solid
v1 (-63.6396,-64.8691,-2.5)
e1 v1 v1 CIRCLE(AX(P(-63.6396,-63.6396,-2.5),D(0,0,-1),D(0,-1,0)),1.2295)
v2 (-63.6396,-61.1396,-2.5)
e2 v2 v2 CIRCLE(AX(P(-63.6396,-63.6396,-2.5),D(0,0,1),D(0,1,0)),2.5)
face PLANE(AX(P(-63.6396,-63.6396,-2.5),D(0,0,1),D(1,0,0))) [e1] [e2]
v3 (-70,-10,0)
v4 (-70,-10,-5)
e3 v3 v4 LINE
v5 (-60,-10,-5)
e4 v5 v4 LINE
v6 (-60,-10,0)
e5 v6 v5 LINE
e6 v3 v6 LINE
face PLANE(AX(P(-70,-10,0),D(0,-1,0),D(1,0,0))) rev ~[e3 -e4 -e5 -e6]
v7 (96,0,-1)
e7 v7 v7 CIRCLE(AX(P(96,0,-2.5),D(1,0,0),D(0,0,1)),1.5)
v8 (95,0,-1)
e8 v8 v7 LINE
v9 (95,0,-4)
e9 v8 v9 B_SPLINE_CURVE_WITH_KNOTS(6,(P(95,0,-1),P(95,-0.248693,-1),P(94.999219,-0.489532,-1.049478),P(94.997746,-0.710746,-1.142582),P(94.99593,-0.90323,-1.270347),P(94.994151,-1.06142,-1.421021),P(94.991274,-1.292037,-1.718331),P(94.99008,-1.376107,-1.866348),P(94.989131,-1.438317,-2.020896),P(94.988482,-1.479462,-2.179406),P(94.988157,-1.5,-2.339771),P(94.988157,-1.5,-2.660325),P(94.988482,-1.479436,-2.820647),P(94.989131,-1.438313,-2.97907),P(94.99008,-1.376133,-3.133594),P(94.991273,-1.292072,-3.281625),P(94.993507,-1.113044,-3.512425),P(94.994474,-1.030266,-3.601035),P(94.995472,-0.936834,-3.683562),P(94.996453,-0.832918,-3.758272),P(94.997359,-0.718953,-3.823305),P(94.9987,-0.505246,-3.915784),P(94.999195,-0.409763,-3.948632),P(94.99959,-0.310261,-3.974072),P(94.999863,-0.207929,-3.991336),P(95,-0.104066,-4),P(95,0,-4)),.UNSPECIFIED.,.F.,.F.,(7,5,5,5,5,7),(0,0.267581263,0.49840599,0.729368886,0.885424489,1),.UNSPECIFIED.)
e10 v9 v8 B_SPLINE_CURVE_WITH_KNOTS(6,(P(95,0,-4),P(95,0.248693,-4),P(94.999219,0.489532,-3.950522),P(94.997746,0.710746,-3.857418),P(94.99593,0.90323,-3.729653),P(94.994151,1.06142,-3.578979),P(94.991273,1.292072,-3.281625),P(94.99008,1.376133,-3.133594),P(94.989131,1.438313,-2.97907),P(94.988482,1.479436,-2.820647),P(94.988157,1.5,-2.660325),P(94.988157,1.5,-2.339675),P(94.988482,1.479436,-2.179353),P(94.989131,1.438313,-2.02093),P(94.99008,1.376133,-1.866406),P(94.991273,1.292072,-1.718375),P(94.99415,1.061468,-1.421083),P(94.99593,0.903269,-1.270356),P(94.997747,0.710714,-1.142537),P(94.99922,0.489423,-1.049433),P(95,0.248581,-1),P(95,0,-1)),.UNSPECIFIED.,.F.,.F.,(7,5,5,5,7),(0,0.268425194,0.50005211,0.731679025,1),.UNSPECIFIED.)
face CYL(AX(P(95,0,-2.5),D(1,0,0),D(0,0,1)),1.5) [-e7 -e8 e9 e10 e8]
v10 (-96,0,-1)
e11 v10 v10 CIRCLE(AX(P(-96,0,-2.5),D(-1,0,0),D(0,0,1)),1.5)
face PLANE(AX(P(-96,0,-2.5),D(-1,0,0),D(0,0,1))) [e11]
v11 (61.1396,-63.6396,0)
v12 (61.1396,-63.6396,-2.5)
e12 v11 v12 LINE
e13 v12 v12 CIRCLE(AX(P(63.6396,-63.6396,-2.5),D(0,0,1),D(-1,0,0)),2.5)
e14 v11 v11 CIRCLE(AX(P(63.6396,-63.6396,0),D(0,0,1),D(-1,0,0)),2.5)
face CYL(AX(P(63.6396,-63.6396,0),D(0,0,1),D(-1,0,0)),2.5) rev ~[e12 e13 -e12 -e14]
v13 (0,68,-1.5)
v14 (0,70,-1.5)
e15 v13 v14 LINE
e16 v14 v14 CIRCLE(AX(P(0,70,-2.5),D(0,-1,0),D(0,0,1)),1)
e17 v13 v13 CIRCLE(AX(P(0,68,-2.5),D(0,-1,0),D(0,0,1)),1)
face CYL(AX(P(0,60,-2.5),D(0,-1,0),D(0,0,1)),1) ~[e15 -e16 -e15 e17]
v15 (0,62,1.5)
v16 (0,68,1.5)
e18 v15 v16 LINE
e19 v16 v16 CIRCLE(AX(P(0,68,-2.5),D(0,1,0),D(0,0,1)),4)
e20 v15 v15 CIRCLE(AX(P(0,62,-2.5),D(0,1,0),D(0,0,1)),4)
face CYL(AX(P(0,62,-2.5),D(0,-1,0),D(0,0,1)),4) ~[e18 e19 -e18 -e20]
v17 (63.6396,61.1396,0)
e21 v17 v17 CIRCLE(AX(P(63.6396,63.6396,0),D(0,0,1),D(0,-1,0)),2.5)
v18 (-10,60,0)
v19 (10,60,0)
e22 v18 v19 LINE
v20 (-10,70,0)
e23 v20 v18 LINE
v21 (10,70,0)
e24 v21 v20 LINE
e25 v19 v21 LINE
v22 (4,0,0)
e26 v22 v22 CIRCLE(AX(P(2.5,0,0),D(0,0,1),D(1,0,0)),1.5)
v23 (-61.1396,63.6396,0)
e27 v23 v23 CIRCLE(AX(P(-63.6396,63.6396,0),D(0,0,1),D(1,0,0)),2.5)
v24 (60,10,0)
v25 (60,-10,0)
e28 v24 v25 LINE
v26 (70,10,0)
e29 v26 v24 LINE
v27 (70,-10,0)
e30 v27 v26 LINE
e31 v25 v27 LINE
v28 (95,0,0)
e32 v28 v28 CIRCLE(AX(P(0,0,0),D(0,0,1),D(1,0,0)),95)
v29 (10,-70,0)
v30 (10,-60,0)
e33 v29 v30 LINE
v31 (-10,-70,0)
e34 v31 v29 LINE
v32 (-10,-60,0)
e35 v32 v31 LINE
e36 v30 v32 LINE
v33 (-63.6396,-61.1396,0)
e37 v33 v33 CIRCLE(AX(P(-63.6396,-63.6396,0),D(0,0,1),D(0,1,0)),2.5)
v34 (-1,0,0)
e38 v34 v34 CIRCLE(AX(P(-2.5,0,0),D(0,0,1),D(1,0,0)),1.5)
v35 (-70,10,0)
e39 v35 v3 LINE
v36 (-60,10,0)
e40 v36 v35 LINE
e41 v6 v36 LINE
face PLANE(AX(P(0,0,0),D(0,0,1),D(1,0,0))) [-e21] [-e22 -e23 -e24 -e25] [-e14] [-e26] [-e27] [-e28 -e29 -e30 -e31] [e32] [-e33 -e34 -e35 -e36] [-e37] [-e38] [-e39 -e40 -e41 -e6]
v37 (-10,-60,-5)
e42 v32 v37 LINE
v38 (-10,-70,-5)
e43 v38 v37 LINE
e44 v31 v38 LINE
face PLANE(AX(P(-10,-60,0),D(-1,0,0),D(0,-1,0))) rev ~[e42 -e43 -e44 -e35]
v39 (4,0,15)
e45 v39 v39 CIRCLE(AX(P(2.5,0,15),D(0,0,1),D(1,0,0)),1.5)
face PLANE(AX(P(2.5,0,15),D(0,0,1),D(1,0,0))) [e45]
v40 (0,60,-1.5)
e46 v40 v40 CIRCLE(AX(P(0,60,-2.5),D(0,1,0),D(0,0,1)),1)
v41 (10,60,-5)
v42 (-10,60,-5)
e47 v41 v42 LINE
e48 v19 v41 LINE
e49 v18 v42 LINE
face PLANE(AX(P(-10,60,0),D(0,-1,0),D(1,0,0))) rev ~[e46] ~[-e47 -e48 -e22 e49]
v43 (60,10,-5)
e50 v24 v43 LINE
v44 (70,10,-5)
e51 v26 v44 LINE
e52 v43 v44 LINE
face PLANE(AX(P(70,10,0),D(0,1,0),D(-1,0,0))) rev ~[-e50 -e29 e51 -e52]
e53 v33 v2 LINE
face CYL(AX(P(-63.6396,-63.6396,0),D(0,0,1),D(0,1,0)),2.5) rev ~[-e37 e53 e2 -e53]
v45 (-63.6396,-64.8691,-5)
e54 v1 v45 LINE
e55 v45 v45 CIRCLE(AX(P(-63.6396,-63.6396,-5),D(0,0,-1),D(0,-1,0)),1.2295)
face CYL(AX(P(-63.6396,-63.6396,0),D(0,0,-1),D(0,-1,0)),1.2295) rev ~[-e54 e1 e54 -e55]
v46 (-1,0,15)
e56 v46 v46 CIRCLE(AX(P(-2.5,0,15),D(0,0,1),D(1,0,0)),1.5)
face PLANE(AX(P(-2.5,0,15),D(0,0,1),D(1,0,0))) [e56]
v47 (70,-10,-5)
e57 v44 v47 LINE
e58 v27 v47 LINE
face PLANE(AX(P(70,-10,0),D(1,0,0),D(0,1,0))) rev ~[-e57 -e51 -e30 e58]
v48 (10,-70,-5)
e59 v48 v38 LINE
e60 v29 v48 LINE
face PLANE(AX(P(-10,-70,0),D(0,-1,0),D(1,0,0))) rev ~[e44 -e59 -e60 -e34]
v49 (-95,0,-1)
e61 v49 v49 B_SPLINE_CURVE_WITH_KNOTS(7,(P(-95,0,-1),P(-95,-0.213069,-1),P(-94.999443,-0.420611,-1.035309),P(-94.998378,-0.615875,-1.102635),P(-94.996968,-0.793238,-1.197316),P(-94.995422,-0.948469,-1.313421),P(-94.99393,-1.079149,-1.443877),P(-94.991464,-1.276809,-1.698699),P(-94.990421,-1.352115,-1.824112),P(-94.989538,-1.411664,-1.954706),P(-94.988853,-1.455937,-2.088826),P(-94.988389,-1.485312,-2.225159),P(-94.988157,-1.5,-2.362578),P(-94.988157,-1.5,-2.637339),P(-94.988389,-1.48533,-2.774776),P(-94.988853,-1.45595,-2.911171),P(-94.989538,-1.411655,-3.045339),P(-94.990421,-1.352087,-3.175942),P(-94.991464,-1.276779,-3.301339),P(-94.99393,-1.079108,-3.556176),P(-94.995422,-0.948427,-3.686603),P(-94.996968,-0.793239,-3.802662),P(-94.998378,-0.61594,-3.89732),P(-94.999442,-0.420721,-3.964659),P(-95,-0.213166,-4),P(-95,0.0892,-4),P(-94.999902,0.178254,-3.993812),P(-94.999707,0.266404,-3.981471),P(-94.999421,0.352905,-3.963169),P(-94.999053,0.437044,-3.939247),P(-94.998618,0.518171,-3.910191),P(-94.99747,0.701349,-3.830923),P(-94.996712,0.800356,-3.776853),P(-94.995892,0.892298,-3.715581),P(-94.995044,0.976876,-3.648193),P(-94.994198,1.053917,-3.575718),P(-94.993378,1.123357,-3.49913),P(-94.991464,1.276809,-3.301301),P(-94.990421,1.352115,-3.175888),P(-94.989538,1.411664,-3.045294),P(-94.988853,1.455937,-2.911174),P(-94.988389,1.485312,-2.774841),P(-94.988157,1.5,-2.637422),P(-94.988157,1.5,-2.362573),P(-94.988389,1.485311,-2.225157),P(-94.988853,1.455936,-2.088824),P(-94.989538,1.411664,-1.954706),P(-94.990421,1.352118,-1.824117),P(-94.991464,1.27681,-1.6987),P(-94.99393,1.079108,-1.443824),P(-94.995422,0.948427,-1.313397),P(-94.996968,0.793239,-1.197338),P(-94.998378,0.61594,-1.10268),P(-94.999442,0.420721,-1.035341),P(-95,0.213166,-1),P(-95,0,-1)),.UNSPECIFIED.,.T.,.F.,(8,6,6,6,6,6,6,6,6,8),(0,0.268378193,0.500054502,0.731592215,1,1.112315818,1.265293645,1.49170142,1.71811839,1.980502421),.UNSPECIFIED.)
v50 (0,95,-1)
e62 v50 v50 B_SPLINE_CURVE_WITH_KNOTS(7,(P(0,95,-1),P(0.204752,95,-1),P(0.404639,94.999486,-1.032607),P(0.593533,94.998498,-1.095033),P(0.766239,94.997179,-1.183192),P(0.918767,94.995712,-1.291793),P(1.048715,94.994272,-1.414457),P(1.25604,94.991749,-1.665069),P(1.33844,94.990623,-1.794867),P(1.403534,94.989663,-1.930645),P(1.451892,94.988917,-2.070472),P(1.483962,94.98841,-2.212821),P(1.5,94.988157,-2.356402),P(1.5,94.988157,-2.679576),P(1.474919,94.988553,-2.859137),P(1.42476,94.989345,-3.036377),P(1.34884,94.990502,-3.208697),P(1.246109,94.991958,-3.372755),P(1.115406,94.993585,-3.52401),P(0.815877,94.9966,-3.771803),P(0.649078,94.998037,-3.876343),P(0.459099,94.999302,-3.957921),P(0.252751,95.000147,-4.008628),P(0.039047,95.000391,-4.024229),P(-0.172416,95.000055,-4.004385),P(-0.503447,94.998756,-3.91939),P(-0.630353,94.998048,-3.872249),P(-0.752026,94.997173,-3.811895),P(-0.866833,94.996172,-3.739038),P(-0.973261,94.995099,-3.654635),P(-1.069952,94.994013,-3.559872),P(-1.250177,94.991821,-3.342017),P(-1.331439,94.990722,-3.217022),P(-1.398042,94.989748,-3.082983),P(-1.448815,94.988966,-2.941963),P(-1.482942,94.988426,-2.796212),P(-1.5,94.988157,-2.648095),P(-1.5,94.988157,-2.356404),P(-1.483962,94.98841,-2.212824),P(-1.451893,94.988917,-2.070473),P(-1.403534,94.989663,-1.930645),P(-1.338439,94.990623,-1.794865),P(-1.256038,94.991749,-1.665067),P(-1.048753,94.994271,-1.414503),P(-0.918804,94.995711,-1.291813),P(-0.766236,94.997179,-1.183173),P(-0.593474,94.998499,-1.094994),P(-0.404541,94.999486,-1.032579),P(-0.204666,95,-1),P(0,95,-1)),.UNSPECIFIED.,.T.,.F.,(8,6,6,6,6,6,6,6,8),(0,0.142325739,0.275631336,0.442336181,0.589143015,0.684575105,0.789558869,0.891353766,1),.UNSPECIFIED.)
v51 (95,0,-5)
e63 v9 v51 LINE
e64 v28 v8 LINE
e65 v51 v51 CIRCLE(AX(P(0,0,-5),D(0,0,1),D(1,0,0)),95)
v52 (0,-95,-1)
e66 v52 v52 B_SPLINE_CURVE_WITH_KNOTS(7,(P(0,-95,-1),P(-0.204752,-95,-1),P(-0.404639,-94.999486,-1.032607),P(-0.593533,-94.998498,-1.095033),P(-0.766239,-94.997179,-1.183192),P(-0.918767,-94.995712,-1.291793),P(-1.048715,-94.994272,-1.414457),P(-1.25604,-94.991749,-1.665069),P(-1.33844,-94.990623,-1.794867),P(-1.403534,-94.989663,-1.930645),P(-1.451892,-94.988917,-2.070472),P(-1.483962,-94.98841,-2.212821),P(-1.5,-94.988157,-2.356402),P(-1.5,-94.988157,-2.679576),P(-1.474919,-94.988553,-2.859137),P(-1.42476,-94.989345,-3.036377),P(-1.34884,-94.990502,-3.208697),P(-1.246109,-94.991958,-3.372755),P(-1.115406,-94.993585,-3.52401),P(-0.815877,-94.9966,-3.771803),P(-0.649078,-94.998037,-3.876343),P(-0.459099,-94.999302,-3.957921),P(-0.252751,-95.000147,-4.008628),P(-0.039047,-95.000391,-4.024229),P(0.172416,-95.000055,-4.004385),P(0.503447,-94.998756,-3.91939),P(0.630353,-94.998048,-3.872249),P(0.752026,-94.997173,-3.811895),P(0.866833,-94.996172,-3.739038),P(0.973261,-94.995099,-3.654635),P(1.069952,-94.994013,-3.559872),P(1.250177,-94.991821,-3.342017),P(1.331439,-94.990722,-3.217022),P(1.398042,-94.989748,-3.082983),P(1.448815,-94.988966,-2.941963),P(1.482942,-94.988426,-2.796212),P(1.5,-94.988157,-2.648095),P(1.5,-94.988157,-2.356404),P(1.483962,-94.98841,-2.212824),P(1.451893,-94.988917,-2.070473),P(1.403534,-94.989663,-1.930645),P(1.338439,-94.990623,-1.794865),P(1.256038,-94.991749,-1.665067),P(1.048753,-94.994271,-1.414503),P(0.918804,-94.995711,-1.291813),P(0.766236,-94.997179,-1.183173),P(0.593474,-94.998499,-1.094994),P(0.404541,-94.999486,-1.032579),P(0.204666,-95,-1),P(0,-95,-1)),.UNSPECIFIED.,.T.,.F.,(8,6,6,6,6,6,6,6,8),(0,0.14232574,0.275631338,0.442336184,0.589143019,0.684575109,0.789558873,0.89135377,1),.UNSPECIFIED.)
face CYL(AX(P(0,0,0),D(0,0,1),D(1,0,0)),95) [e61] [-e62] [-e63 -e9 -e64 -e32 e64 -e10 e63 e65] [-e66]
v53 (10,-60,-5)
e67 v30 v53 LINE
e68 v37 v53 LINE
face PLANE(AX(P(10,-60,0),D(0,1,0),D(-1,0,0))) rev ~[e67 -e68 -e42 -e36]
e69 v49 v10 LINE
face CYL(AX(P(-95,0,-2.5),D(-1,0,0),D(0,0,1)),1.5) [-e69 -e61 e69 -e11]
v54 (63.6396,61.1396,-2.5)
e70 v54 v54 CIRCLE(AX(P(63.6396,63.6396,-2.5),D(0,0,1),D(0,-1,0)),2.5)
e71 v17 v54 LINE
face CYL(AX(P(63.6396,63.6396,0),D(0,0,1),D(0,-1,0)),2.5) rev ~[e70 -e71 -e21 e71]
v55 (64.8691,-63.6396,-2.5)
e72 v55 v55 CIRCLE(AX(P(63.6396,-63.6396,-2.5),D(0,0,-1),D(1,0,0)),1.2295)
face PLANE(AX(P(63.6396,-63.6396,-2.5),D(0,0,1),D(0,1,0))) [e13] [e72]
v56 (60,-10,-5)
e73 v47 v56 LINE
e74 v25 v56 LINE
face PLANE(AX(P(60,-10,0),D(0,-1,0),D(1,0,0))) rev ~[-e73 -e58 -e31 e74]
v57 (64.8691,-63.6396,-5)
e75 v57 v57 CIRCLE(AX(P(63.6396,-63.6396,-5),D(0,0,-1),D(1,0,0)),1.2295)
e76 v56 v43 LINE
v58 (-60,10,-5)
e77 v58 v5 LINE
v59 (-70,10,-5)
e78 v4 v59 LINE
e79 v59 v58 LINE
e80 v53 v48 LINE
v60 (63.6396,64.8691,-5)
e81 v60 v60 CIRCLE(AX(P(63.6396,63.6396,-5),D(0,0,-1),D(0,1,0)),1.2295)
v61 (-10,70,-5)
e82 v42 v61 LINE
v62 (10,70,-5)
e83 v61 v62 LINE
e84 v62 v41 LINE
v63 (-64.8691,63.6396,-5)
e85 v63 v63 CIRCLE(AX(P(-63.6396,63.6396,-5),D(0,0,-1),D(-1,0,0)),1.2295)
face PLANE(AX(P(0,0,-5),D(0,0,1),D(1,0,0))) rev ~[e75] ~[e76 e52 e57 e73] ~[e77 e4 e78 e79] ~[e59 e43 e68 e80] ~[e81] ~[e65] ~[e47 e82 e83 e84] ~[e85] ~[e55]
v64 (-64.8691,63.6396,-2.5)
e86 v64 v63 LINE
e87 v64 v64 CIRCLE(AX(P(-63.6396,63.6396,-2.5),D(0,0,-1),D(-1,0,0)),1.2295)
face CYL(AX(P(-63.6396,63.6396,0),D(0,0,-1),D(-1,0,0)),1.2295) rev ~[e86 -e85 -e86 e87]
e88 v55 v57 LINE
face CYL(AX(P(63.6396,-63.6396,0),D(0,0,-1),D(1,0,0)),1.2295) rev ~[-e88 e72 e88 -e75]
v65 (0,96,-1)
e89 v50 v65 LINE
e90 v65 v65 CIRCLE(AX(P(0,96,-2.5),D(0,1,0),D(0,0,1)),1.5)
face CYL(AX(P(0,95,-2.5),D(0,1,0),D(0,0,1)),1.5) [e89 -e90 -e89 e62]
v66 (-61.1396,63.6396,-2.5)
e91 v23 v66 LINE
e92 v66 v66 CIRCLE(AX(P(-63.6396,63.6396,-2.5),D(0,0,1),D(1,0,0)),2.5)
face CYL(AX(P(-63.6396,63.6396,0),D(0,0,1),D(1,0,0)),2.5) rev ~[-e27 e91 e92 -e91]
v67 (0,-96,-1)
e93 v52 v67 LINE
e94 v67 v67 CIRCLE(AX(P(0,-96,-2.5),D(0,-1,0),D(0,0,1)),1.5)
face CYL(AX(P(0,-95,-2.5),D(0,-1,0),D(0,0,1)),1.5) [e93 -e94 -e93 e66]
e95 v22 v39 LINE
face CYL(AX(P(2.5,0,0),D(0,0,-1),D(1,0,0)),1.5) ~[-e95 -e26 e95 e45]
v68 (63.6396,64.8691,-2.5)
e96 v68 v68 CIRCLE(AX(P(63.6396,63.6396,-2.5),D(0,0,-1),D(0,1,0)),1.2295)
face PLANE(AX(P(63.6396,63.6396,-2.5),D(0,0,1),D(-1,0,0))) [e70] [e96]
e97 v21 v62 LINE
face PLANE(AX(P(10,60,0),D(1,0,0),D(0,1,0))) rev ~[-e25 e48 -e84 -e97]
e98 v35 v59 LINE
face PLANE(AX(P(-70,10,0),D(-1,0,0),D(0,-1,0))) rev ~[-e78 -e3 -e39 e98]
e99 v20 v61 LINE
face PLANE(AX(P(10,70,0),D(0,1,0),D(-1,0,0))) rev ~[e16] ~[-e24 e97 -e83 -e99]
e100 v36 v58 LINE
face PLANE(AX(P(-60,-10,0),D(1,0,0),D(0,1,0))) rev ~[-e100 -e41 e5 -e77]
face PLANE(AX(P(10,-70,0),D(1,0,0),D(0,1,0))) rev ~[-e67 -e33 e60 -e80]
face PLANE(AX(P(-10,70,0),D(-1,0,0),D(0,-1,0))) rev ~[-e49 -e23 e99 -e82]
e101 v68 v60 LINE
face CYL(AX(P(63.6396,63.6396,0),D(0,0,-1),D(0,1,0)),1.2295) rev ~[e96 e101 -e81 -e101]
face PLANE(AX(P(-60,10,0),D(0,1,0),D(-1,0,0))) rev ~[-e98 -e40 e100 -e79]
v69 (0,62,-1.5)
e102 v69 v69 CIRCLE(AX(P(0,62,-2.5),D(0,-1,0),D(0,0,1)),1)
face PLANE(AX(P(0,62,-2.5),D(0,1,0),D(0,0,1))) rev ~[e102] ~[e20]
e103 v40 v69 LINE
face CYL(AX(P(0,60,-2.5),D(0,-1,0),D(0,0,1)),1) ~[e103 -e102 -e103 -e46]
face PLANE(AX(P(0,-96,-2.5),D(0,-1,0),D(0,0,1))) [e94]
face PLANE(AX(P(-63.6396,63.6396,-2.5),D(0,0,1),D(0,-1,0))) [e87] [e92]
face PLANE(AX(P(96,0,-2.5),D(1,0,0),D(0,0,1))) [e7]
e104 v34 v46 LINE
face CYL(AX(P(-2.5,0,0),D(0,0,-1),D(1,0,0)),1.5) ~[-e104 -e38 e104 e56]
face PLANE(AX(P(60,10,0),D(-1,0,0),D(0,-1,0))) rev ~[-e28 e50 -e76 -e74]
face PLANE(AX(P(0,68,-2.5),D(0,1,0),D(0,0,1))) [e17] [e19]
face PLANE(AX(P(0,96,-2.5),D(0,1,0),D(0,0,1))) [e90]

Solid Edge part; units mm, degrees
sketch "Sketch1" plane through (0, 0, 0) normal (0, 0, 1) x (1, 0, 0)
  circle A0 centre (0, 0) radius 95
extrude "Protrusion1" add sketch "Sketch1" against normal blind 5
sketch "Sketch2" plane through (0, 0, 0) normal (0, 0, 1) x (1, 0, 0)
  circle A0 centre (-2.5, 0) radius 1.5
  circle A1 centre (2.5, 0) radius 1.5
  dimension "D1" = 2.5
  dimension "D2" = 2.5
extrude "Wyciągnięcie_2" add sketch "Sketch2" along normal blind 15
sketch "Sketch3" plane through (0, 0, 0) normal (0, 0, 1) x (1, 0, 0)
  line L0 (-10, 60) -> (10, 60)
  line L1 (10, 60) -> (10, 70)
  line L2 (10, 70) -> (-10, 70)
  line L3 (-10, 70) -> (-10, 60)
extrude "Cutout1" cut sketch "Sketch3" against normal up to next
sketch "Sketch4" plane through (0, 60, -2.5) normal (0, 1, 0) x (0, 0, 1)
  circle A0 centre (0, 0) radius 1
extrude "Wyciągnięcie_4" add sketch "Sketch4" along normal blind 16
sketch "Sketch5" plane through (0, 62, -2.5) normal (0, 1, 0) x (0, 0, 1)
  circle A0 centre (0, 0) radius 4
extrude "Wyciągnięcie_5" add sketch "Sketch5" along normal blind 6
hole "Otwór_5" at (-63.6396, -63.6396, 0) direction (0, 0, -1) diameter 2.459 depth 11
sketch "Sketch6" plane through (0, 0, 0) normal (0, 0, 1) x (0, 1, 0)
  circle A0 centre (-63.6396, 63.6396) radius 2.5
  dimension "D1" = 5
extrude "Wycięcie_27" cut sketch "Sketch6" against normal blind 2.5
pattern_circular "Pattern1" count 4 over 360 about axis through (0, 0, 0) along (0, 0, -1) of "Wycięcie_27", "Otwór_5"
sketch "Sketch7" plane through (0, 95, -10) normal (0, 1, 0) x (0, 0, 1)
  circle A0 centre (7.5, 0) radius 1.5
extrude "Wyciągnięcie_19" add sketch "Sketch7" against normal blind 1.2757 and the other way blind 1
pattern_circular "Pattern3" count 4 over 360 about axis through (0, 0, 0) along (0, 0, 1) of "Wyciągnięcie_19"
pattern_circular "Pattern5" count 4 over 360 about axis through (0, 0, 0) along (0, 0, -1) of "Cutout1"
